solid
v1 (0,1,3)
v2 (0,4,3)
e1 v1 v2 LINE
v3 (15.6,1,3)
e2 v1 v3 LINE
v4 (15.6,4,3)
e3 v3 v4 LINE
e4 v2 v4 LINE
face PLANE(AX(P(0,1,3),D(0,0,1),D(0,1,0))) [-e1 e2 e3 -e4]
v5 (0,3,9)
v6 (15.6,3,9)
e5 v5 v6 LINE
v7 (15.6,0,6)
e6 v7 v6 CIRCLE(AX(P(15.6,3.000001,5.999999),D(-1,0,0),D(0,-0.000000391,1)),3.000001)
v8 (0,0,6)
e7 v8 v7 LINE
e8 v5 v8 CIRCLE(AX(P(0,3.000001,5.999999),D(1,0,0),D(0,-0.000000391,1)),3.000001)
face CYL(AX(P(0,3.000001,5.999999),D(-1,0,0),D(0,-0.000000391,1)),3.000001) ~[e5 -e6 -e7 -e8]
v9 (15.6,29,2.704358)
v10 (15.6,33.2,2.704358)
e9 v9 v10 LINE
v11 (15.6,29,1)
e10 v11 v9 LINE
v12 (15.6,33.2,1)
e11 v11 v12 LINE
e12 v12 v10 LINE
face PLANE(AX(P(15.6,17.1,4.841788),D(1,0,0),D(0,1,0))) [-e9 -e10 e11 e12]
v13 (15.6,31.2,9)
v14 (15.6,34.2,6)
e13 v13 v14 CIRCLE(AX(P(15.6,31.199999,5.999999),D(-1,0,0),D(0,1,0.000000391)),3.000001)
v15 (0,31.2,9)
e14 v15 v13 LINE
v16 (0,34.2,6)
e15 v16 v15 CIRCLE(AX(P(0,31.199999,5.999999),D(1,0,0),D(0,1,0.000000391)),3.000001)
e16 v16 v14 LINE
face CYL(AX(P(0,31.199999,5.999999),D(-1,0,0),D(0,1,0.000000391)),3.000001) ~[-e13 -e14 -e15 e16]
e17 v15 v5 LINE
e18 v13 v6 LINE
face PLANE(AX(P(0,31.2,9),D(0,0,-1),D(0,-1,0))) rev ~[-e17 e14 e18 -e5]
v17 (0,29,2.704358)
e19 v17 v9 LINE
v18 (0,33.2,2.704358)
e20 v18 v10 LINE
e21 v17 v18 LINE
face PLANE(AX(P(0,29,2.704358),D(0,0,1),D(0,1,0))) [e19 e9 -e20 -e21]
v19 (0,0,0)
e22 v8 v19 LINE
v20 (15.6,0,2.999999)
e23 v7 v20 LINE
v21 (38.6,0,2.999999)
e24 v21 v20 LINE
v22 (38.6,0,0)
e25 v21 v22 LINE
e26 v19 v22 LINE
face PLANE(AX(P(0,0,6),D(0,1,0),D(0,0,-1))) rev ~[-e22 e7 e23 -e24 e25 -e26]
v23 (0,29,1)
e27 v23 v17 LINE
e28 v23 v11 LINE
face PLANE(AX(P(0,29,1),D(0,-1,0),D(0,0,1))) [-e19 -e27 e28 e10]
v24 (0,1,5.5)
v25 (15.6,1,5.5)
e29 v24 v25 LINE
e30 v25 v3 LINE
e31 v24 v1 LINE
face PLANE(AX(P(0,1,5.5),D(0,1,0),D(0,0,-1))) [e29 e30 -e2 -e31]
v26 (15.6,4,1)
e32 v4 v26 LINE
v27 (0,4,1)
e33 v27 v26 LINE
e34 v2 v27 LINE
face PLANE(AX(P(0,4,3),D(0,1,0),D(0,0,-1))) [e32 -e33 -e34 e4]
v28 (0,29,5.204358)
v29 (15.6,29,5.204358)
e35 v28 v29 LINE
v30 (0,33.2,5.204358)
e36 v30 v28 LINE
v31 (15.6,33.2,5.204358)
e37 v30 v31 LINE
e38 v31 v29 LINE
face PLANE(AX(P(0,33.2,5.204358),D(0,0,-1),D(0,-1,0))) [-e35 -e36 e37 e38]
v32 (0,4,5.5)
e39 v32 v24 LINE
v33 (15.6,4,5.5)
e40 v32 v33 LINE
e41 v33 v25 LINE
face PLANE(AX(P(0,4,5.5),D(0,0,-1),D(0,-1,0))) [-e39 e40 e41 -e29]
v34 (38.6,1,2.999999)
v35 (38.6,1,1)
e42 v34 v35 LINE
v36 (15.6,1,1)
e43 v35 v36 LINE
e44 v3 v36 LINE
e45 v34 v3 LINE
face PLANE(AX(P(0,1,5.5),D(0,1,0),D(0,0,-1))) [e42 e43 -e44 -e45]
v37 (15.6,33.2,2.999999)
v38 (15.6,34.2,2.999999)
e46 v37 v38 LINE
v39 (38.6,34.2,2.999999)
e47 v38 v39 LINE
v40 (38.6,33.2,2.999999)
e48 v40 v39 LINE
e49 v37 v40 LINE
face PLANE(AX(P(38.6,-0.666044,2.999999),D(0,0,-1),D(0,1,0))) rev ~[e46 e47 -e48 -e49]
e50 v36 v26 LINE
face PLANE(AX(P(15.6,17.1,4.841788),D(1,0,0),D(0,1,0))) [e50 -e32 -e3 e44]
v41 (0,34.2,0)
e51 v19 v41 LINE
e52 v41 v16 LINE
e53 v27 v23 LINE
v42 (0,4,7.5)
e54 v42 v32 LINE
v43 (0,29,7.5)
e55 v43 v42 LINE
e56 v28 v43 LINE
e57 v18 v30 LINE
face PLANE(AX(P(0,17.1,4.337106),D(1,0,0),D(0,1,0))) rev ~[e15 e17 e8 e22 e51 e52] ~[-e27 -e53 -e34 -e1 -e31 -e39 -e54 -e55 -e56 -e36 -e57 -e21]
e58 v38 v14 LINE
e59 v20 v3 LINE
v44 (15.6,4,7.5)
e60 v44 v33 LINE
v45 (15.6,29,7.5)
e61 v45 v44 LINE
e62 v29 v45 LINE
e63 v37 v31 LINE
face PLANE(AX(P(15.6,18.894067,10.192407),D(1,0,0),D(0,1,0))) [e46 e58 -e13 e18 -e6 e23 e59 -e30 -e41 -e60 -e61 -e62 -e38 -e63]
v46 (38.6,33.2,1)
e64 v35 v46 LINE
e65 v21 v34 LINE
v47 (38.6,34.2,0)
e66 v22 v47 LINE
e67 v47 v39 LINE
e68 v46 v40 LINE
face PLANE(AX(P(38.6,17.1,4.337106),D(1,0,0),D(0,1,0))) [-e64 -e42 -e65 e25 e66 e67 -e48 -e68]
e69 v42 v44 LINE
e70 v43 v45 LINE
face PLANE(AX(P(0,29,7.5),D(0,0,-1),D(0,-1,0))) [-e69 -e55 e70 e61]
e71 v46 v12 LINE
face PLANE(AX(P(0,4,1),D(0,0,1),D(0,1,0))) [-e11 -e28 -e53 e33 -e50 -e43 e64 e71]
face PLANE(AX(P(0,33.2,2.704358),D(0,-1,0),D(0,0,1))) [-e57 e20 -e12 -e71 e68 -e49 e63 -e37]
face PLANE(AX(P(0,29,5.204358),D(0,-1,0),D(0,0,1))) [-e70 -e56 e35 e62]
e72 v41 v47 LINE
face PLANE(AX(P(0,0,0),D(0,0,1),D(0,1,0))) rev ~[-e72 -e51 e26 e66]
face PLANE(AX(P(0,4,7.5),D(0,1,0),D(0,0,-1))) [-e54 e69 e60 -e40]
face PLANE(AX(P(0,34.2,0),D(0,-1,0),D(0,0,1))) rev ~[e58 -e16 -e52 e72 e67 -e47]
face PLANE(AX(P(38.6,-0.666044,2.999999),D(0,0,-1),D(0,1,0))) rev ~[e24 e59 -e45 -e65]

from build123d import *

# Parameters (mm, degrees)
PAD_DEPTH       = 38.6
POCKET_DEPTH    = 16
POCKET001_DEPTH = 23
SKETCH003_W     = 39.120222
SKETCH003_H     = 14.384815
POCKET002_DEPTH = 23


with BuildPart() as part:
    # Sketch → Pad (new body)
    with BuildSketch(Plane.YZ):
        with BuildLine():
            Line((0, 0), (34.2, 0))
            Line((34.2, 0), (34.2, 6))
            ThreePointArc((34.2, 6), (33.32132, 8.12132), (31.2, 9))
            Line((31.2, 9), (3, 9))
            ThreePointArc((3, 9), (0.87868, 8.12132), (0, 6))
            Line((0, 6), (0, 0))
        make_face()
    extrude(amount=PAD_DEPTH)

    # Sketch001 (on Face7 of Pad) → Pocket (cut)
    with BuildSketch(Plane(origin=(0, 0, 0), x_dir=(0, 1, 0), z_dir=(-1, 0, 0))):
        Polygon((4, -3), (4, -1), (29, -1), (29, -2.704358), (33.2, -2.704358), (33.2, -5.204358), (29, -5.204358), (29, -7.5), (4, -7.5), (4, -5.5), (1, -5.5), (1, -3), align=None)
    extrude(amount=-POCKET_DEPTH, mode=Mode.SUBTRACT)

    # Sketch002 (on Face5 of Pocket) → Pocket001 (cut)
    with BuildSketch(Plane.YZ.offset(38.6)):
        with BuildLine():
            Line((1, 1), (33.2, 1))
            Line((33.2, 1), (33.2, 6))
            ThreePointArc((33.2, 6), (32.32132, 8.12132), (30.2, 9))
            Line((30.2, 9), (4, 9))
            ThreePointArc((4, 9), (1.87868, 8.12132), (1, 6))
            Line((1, 6), (1, 1))
        make_face()
    extrude(amount=-POCKET001_DEPTH, mode=Mode.SUBTRACT)

    # Sketch003 (on Face5 of Pocket001) → Pocket002 (cut)
    with BuildSketch(Plane.YZ.offset(38.6)):
        with Locations((18.894067, 10.192407)):
            Rectangle(SKETCH003_W, SKETCH003_H)
    extrude(amount=-POCKET002_DEPTH, mode=Mode.SUBTRACT)


solid = part.part
